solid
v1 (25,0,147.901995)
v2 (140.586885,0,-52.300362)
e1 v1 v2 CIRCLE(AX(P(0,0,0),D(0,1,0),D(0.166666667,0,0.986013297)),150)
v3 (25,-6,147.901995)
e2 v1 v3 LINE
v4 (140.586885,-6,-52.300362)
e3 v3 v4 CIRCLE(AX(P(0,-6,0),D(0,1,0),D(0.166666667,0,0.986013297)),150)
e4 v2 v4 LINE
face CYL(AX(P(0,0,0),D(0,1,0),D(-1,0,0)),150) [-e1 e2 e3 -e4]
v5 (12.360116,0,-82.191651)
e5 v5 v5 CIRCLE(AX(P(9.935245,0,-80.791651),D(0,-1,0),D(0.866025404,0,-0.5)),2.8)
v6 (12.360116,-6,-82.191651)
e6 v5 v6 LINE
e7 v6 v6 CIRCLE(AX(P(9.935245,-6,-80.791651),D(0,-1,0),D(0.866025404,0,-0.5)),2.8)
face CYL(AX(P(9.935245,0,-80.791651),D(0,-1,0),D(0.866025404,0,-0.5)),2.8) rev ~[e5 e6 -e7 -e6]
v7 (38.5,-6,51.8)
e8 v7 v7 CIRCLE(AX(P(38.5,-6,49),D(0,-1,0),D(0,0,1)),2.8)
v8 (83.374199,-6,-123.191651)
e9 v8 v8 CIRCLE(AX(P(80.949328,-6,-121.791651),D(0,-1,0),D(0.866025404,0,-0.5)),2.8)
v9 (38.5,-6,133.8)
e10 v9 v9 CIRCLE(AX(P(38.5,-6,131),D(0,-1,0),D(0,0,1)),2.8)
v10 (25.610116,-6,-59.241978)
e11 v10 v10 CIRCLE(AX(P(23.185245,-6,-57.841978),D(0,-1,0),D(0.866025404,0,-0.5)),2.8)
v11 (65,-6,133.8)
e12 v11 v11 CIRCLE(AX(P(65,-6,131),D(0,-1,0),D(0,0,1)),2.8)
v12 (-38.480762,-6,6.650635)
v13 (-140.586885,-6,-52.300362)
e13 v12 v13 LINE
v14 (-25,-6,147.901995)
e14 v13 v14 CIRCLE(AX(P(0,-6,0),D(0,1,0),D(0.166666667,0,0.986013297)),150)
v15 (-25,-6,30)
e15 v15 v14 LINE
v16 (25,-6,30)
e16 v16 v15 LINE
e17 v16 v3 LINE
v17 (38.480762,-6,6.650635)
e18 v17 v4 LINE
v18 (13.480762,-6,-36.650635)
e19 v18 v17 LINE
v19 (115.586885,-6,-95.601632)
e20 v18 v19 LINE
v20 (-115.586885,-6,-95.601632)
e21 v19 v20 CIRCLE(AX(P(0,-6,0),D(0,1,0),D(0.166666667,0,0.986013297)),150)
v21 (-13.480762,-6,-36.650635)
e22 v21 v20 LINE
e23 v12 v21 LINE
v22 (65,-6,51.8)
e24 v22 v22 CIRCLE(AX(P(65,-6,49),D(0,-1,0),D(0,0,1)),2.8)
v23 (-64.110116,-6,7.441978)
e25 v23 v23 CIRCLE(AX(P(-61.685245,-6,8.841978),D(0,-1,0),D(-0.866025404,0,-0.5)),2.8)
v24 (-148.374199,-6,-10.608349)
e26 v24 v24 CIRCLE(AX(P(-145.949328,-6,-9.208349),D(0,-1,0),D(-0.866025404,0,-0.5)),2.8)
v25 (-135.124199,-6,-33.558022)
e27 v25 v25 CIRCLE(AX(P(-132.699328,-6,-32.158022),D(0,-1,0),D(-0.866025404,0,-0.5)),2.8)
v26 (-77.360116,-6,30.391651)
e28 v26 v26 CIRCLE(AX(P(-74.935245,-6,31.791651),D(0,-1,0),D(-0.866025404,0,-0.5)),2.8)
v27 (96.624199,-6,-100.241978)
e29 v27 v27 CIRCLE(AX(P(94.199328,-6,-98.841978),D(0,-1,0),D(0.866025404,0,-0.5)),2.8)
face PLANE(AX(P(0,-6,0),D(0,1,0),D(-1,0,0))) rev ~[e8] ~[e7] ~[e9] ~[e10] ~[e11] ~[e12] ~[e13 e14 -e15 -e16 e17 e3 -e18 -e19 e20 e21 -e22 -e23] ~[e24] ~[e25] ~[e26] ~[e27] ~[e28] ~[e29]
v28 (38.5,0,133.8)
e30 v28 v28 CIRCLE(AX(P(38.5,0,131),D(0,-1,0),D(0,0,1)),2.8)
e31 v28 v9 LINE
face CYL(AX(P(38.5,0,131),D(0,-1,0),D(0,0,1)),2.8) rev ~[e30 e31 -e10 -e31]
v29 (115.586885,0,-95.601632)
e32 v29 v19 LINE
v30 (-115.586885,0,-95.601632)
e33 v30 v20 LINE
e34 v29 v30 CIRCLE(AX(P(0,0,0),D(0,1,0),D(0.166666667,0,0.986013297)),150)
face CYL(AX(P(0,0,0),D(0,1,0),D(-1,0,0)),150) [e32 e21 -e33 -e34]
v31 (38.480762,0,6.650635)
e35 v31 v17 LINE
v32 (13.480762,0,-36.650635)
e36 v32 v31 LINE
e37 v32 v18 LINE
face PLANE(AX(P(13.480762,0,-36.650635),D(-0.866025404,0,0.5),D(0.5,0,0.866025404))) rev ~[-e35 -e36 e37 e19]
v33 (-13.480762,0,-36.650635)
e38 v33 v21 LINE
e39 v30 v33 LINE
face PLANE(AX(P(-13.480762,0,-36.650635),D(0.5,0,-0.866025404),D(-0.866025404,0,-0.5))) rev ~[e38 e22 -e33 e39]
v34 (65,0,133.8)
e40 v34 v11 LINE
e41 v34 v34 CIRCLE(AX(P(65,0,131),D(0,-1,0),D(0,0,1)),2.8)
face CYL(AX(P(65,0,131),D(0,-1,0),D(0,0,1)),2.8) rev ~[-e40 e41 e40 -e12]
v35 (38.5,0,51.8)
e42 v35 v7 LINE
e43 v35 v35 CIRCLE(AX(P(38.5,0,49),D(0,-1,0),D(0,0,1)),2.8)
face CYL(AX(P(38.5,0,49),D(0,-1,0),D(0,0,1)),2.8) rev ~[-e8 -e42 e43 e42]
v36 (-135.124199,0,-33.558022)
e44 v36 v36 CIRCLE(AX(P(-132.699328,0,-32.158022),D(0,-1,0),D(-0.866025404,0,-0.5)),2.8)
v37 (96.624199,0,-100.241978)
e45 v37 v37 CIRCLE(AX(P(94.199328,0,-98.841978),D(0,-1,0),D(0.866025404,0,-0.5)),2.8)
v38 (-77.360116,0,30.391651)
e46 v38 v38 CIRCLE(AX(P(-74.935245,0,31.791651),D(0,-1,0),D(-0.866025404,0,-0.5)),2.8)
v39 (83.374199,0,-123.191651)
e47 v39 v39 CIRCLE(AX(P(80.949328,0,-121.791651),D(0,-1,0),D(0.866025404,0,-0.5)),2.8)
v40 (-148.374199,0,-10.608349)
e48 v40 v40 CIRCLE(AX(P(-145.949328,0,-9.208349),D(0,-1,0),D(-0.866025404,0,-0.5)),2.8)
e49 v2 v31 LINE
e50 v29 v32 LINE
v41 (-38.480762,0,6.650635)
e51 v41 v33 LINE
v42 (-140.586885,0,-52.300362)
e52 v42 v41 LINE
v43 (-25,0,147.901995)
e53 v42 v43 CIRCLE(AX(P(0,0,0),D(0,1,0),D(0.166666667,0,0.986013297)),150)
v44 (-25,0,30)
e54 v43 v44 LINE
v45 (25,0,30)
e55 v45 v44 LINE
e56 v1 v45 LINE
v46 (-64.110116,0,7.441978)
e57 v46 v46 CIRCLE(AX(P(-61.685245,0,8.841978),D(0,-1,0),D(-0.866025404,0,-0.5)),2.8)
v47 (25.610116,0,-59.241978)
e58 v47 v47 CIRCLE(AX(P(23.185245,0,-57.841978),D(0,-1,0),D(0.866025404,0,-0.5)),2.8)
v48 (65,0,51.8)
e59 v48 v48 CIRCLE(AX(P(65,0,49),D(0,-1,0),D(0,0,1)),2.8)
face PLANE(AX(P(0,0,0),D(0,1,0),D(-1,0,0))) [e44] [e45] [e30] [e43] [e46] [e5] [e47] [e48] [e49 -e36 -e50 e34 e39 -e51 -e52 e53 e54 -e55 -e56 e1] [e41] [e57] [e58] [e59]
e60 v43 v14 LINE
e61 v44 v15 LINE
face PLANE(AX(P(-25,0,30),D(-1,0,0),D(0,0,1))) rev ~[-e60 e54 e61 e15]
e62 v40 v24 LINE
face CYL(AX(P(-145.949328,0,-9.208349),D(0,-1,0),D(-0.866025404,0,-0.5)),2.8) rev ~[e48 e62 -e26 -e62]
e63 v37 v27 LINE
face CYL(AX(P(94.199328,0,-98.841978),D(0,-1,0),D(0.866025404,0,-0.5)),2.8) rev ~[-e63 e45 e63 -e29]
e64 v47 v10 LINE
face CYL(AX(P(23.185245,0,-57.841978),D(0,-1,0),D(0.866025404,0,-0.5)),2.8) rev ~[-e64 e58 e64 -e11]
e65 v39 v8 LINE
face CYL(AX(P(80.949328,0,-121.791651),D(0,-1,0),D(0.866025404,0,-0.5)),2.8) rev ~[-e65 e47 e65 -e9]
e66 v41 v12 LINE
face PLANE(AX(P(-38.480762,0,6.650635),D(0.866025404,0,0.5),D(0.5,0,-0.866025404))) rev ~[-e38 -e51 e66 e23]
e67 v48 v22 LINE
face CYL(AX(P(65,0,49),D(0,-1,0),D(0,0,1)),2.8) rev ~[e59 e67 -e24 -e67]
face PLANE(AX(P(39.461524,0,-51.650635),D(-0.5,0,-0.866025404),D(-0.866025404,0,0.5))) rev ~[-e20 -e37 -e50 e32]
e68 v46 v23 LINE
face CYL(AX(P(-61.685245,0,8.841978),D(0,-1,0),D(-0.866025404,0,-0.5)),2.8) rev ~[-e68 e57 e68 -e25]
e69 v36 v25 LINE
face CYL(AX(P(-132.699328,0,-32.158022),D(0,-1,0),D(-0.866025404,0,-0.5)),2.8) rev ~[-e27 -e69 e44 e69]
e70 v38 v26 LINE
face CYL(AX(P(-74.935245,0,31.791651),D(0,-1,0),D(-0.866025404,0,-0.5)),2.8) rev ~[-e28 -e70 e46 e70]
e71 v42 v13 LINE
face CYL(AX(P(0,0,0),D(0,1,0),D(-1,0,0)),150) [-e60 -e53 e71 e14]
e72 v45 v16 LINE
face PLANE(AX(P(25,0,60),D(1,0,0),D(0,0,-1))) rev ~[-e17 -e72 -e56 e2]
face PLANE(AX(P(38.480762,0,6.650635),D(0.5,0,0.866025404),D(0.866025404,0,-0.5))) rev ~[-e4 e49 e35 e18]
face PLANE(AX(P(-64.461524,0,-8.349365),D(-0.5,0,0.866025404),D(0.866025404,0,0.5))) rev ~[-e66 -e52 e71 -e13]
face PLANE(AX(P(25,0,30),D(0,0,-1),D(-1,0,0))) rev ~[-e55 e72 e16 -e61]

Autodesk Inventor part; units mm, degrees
ref_plane "YZ Plane" through (0, 0, 0) normal (1, 0, 0) x (0, 1, 0)
ref_plane "XZ Plane" through (0, 0, 0) normal (0, 1, 0) x (-1, 0, 0)
ref_plane "XY Plane" through (0, 0, 0) normal (0, 0, 1) x (1, 0, 0)
sketch "Sketch1" plane through (0, 0, 0) normal (0, 1, 0) x (-1, 0, 0)
  circle A0 centre (0, 0) radius 90
  line L0 (-25, 120) -> (-25, 60)
  line L1 (-25, 60) -> (-145, 60)
  line L2 (-145, 60) -> (-145, 120)
  line L3 (-145, 120) -> (-25, 120)
  line L4 (-25, 90) -> (0, 90)
  line L5 (-65, 131) -> (-38.5, 131)
  line L6 (-38.5, 131) -> (-38.5, 49)
  line L7 (-38.5, 49) -> (-65, 49)
  line L8 (-65, 49) -> (-65, 131)
  line L9 (-38.5, 90) -> (-25, 90) construction
  circle A1 centre (0, 0) radius 150
  line L10 (-25, 30) -> (25, 30)
  line L11 (25, 30) -> (25, 150)
  line L12 (25, 150) -> (-25, 150)
  line L13 (-25, 150) -> (-25, 30)
  line L14 (-25, 30) -> (25, 150) construction
  line L15 (25, 30) -> (-25, 150) construction
  point P0 (-65, 62.2495)
  point P1 (-65, 60)
  point P2 (-67.082, 60)
  point P3 (25, 147.902)
  point P4 (-25, 147.902)
  dimension "d0" = 180
  dimension "d1" = 25
  dimension "d2" = 60
  dimension "d3" = 120
  dimension "d4" = 82
  dimension "d5" = 26.5
  dimension "d7" = 38.5
  dimension "d8" = 300
  dimension "d18" = 50
  dimension "d19" = 120
extrude "Extrusion1" add sketch "Sketch1" against normal blind 6 contours A0 L1 L8 L7 L6 L13 L10 L11 | A0 L11 A1 L1 | L11 L10 L13 L0 A0 | A0 L4 L0 L13 A1 L11 | L1 A1 L3 L8 A0 | A0 L8 L1 | A0 L0 L4 | L8 L3 L6 A0 | A0 L6 L1 L8 | L1 L6 L7 L8 | L0 L1 L6 A0 | A0 L6 L3 L0 | L8 L5 L6 L3 | L3 A1 L13 L6 L5 L8
hole "Hole1" at (65, 0, 131) at (38.5, 0, 131) at (65, 0, 49) at (38.5, 0, 49) direction (0, -1, 0) diameter 5.6 end through all
extrude "Extrusion2" cut sketch "Sketch1" against normal blind 6 contours L11 L10 L13 L0 A0 | A0 L4 L0 L13 A1 L11 | A0 L0 L4
pattern_circular "Circular Pattern1" count 3 over 360 about axis through (0, 0, 0) along (0, -1, 0) of "Hole1", "Extrusion2"
properties part number "TempPart1"
